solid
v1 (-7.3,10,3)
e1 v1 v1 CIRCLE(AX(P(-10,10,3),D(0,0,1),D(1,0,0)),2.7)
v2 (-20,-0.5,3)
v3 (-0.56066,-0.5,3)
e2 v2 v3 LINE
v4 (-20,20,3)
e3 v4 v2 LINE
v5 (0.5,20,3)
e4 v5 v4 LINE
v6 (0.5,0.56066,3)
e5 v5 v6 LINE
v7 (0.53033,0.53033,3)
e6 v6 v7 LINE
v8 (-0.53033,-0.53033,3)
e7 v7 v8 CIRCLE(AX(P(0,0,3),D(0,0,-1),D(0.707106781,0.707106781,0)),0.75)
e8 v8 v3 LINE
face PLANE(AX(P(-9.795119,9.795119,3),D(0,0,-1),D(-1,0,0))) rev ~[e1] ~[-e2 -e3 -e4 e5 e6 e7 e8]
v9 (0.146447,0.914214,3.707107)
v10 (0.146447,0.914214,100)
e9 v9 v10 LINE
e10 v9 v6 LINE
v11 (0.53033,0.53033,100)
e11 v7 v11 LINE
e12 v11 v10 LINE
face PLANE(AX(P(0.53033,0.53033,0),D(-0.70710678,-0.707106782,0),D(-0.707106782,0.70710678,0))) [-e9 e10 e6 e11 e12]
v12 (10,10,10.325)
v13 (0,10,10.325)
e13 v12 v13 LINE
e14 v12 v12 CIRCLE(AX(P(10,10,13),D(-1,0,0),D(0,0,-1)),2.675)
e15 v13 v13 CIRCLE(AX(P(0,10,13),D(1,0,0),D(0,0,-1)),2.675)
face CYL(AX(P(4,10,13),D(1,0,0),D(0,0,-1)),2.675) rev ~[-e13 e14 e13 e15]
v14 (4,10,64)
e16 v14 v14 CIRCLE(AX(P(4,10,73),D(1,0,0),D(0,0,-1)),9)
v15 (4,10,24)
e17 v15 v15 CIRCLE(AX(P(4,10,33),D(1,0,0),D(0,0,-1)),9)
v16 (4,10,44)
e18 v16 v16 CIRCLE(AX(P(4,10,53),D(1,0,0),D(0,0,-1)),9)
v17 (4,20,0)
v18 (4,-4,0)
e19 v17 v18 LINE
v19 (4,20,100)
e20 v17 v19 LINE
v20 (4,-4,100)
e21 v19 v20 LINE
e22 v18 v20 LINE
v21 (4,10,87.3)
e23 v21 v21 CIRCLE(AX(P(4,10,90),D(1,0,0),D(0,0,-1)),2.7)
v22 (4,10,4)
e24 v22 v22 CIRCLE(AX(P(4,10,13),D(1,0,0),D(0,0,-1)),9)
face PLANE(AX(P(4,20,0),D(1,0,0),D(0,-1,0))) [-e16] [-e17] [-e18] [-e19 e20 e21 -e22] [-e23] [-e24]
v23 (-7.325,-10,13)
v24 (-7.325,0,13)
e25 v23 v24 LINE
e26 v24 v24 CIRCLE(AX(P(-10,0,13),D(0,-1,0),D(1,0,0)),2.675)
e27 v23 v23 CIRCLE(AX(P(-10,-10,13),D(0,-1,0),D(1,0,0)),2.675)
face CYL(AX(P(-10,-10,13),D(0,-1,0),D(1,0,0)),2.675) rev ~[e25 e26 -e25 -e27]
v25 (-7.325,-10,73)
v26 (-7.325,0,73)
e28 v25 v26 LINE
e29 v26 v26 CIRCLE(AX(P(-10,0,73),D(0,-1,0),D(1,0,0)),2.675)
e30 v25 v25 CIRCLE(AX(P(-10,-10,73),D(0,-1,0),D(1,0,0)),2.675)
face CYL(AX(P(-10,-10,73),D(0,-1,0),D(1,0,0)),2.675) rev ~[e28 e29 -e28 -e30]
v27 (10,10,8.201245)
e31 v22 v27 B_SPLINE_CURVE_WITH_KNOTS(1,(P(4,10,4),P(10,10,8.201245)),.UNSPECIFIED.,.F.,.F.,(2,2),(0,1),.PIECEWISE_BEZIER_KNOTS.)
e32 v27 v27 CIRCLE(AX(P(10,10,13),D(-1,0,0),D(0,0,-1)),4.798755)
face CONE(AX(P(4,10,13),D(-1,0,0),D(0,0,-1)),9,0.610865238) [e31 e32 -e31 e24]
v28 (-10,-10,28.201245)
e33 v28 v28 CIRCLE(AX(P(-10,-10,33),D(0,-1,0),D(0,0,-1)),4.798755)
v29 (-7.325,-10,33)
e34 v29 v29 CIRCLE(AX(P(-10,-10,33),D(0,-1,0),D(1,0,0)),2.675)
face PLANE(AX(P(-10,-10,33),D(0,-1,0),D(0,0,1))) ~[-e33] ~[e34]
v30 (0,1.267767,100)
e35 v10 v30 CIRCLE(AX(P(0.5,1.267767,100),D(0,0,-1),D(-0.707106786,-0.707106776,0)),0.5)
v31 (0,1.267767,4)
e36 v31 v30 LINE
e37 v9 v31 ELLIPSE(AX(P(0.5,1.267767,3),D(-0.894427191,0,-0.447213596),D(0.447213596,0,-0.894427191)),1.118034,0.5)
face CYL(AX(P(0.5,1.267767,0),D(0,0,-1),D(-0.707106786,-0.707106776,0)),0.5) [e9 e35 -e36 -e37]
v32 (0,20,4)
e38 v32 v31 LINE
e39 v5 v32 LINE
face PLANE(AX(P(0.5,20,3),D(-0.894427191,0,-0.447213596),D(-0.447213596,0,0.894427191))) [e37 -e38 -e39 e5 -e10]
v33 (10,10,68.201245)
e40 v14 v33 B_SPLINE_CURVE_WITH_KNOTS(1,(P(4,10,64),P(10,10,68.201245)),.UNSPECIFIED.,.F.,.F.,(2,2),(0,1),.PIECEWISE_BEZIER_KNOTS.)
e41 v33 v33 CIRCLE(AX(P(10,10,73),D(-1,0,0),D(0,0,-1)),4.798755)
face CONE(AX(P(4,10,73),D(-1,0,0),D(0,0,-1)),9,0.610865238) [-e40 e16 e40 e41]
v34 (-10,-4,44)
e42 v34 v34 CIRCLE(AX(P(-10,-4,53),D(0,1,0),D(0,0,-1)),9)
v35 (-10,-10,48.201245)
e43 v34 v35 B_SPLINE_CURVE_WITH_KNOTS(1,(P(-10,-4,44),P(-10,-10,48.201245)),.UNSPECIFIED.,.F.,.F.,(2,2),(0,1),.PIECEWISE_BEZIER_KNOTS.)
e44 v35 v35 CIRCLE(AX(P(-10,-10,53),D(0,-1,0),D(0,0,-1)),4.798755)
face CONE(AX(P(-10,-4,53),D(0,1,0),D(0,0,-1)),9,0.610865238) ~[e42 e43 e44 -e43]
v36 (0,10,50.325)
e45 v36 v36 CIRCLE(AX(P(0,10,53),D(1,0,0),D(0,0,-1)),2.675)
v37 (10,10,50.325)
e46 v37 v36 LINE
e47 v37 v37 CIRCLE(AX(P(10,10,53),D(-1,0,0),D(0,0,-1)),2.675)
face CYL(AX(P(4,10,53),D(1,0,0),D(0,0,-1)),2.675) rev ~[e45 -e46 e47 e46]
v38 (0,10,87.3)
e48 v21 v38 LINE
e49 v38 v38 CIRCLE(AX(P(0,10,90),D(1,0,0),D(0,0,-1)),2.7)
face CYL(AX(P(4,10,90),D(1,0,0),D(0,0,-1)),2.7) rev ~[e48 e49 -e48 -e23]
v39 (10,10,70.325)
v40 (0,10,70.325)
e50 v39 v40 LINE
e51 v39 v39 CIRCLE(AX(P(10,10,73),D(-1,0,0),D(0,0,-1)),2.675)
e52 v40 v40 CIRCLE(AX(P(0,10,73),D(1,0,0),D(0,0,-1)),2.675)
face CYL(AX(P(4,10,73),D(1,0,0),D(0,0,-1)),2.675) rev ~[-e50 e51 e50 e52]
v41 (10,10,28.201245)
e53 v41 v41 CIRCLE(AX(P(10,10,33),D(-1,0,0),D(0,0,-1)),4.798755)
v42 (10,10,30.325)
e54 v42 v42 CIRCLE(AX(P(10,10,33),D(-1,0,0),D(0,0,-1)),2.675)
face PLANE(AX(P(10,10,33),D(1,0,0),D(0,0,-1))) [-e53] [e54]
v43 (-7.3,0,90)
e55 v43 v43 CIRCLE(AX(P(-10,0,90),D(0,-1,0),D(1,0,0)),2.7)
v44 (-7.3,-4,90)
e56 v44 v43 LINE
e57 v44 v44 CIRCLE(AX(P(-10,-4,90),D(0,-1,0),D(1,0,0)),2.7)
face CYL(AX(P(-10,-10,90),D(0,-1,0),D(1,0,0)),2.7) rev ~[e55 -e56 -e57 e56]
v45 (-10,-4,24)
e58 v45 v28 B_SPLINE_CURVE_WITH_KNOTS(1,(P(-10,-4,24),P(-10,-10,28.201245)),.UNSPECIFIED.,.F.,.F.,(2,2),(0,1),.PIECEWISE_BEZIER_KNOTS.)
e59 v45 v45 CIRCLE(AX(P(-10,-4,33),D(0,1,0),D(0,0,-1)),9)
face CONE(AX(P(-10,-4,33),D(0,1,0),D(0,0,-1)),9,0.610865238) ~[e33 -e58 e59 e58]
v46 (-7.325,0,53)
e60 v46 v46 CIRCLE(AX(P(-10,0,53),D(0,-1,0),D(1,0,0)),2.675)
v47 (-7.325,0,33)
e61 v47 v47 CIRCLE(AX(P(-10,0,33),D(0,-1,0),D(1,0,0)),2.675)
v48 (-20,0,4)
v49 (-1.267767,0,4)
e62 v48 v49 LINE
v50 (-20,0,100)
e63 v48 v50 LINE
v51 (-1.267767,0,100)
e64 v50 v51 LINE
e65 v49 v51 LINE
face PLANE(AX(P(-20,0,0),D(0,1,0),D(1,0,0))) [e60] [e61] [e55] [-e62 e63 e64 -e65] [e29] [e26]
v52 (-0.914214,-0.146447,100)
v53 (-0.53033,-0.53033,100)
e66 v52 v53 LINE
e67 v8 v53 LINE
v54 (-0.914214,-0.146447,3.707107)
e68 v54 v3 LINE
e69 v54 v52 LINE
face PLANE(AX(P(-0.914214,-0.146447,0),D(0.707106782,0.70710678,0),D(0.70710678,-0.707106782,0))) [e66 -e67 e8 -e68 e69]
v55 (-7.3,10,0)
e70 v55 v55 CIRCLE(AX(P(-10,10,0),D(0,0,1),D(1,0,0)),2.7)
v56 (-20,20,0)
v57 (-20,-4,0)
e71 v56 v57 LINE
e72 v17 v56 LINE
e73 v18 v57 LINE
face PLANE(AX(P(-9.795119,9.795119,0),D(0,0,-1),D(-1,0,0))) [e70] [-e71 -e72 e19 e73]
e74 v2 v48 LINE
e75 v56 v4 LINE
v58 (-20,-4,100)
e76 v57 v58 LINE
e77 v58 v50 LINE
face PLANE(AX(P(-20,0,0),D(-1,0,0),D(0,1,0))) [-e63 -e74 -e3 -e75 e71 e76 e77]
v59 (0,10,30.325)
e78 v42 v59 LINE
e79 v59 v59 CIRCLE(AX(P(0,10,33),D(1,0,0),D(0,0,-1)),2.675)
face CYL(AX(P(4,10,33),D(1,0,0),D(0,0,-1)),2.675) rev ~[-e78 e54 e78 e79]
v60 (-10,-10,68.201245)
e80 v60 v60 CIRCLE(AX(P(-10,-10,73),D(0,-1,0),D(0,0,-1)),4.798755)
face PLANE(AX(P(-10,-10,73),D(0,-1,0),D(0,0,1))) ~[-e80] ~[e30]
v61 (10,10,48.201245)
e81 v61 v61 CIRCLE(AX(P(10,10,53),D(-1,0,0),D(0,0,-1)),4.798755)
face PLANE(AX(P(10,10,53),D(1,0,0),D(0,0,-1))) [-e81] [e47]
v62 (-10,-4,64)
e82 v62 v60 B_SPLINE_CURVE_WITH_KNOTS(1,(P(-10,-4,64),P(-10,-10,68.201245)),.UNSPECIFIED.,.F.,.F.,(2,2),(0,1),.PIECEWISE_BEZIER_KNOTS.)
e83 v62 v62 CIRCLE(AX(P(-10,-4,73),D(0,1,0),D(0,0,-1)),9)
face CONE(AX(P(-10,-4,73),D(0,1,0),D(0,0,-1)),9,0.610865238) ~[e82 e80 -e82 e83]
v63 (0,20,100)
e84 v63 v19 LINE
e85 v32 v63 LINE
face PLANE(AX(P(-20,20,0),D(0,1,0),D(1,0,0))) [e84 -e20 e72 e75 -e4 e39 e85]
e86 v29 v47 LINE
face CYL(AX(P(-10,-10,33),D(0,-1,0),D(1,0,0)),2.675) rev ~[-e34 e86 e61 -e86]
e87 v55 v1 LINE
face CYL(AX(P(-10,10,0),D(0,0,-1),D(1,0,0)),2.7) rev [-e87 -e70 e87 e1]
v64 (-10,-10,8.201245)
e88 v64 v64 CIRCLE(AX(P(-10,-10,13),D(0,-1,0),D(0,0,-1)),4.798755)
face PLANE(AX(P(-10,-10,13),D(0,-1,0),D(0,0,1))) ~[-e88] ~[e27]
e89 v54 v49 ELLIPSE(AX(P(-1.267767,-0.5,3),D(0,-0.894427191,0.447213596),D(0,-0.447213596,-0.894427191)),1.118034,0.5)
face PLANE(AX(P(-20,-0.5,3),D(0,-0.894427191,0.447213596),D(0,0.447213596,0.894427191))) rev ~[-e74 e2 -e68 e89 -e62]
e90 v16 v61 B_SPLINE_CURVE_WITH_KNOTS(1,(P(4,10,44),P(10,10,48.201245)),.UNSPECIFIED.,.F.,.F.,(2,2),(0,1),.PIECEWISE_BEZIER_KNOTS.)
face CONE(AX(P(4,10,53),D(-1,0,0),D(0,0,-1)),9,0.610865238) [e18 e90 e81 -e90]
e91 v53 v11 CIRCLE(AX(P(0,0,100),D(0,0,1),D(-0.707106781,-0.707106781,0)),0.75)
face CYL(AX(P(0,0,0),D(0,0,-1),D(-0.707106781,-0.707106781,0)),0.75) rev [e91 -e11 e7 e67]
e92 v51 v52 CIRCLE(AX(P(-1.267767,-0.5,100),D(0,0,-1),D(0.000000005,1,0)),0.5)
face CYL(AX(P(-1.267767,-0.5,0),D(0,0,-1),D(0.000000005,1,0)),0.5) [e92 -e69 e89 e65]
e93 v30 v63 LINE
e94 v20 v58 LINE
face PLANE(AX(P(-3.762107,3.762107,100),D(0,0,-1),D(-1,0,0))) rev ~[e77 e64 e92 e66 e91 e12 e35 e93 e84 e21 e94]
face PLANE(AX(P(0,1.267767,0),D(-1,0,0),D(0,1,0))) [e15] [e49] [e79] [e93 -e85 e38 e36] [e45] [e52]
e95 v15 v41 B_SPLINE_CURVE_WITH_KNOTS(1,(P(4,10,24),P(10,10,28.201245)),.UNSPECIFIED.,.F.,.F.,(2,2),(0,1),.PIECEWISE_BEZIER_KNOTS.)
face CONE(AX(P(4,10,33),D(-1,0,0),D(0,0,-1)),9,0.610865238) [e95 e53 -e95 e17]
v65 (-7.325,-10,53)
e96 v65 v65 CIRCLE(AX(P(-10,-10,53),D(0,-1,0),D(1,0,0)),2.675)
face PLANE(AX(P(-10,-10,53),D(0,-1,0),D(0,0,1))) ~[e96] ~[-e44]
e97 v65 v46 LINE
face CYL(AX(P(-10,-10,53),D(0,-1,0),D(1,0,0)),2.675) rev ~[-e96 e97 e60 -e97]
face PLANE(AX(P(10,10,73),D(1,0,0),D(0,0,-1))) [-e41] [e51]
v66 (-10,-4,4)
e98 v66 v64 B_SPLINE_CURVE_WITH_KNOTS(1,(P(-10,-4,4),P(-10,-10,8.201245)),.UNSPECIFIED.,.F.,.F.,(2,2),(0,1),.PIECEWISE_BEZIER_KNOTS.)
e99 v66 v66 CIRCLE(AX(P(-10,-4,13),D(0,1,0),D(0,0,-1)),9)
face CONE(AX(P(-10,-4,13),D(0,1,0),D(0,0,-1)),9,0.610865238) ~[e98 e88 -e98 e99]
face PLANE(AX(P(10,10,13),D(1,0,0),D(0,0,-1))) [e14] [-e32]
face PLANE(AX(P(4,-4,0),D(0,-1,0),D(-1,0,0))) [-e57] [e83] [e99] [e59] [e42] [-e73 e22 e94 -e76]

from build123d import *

# Parameters (mm, degrees)
SKETCH1_R                      = 2.7
BOSS_EXTRUDE1_DEPTH            = 3
BOSS_EXTRUDE2_DEPTH            = 100
CUT_EXTRUDE1_DEPTH             = 20
CUT_EXTRUDE2_DEPTH             = 20
SKETCH4_R                      = 9
BOSS_EXTRUDE3_DEPTH            = 6
BOSS_EXTRUDE3_TAPER            = 35
CUT_EXTRUDE3_REACH             = 26
SKETCH4_3_R                    = 2.675
SKETCH4_3_R_2                  = 2.7
CUT_EXTRUDE3_DIRECTION_2_REACH = 8
SKETCH5_R                      = 2.675
SKETCH5_R_2                    = 2.7
CUT_EXTRUDE4_DEPTH             = 10


with BuildPart() as part:
    # Sketch1 → Boss-Extrude1 (new body)
    with BuildSketch(Plane.XY):
        with BuildLine():
            Line((-1.267766953, 0), (-20, 0))
            Line((-20, 0), (-20, 20))
            Line((-20, 20), (0, 20))
            Line((0, 20), (0, 1.267766953))
            ThreePointArc((0, 1.267766953), (0.038060234, 1.076425237), (0.146446609, 0.914213562))
            Line((0.146446609, 0.914213562), (0.530330086, 0.530330086))
            ThreePointArc((0.530330086, 0.530330086), (0.530330086, -0.530330086), (-0.530330086, -0.530330086))
            Line((-0.530330086, -0.530330086), (-0.914213562, -0.146446609))
            ThreePointArc((-0.914213562, -0.146446609), (-1.076425237, -0.038060234), (-1.267766953, 0))
        make_face()
        with Locations((-10, 10)):
            Circle(SKETCH1_R, mode=Mode.SUBTRACT)
    extrude(amount=BOSS_EXTRUDE1_DEPTH)

    # Sketch1<4> → Boss-Extrude2 (add)
    with BuildSketch(Plane.XY):
        with BuildLine():
            ThreePointArc((-1.267766953, 0), (-1.076425237, -0.038060234), (-0.914213562, -0.146446609))
            Line((-0.914213562, -0.146446609), (-0.530330086, -0.530330086))
            ThreePointArc((-0.530330086, -0.530330086), (0.530330086, -0.530330086), (0.530330086, 0.530330086))
            Line((0.530330086, 0.530330086), (0.146446609, 0.914213562))
            ThreePointArc((0.146446609, 0.914213562), (0.038060234, 1.076425237), (0, 1.267766953))
            Line((0, 1.267766953), (0, 20))
            Line((0, 20), (4, 20))
            Line((4, 20), (4, -4))
            Line((4, -4), (-20, -4))
            Line((-20, -4), (-20, 0))
            Line((-20, 0), (-1.267766953, 0))
        make_face()
    extrude(amount=BOSS_EXTRUDE2_DEPTH)

    # Sketch2 → Cut-Extrude1 (cut)
    with BuildSketch(Plane(origin=(0, 20, 0), x_dir=(1, 0, 0), z_dir=(0, 1, 0))):
        Polygon((0, -3), (0.5, -3), (0, -4), align=None)
    extrude(amount=-CUT_EXTRUDE1_DEPTH, mode=Mode.SUBTRACT)

    # Sketch3 → Cut-Extrude2 (cut)
    with BuildSketch(Plane.ZY.offset(20)):
        Polygon((3, 0), (3, -0.5), (4, 0), align=None)
    extrude(amount=-CUT_EXTRUDE2_DEPTH, mode=Mode.SUBTRACT)

    # Sketch4 → Boss-Extrude3 (add)
    with BuildSketch(Plane(origin=(4, 0, 0), x_dir=(0, 0, -1), z_dir=(1, 0, 0))):
        with Locations((-13, 10)):
            Circle(SKETCH4_R)
        with Locations((-33, 10)):
            Circle(SKETCH4_R)
        with Locations((-53, 10)):
            Circle(SKETCH4_R)
        with Locations((-73, 10)):
            Circle(SKETCH4_R)
    boss_extrude3 = extrude(amount=BOSS_EXTRUDE3_DEPTH, taper=BOSS_EXTRUDE3_TAPER)

    # Cut-Extrude3: up to this face of the body (flat: up to its plane)
    cut_extrude3_end = Plane(part.part.faces().sort_by_distance((0, 10.633883476, 52))[0])
    # Sketch4<3> → Cut-Extrude3 (cut, up to the picked face)
    with BuildSketch(Plane(origin=(4, 0, 0), x_dir=(0, 0, -1), z_dir=(1, 0, 0)), mode=Mode.PRIVATE) as cut_extrude3_sk1:
        with Locations((-13, 10)):
            Circle(SKETCH4_3_R)
    cut_extrude3_tool1 = split(extrude(cut_extrude3_sk1.sketch, amount=-CUT_EXTRUDE3_REACH, mode=Mode.PRIVATE), bisect_by=cut_extrude3_end, keep=Keep.BOTH, mode=Mode.PRIVATE)
    add(cut_extrude3_tool1.solids().sort_by_distance((4, 10, 13))[0], mode=Mode.SUBTRACT)
    # Sketch4<3> → Cut-Extrude3 (cut, up to the picked face)
    with BuildSketch(Plane(origin=(4, 0, 0), x_dir=(0, 0, -1), z_dir=(1, 0, 0)), mode=Mode.PRIVATE) as cut_extrude3_sk2:
        with Locations((-33, 10)):
            Circle(SKETCH4_3_R)
    cut_extrude3_tool2 = split(extrude(cut_extrude3_sk2.sketch, amount=-CUT_EXTRUDE3_REACH, mode=Mode.PRIVATE), bisect_by=cut_extrude3_end, keep=Keep.BOTH, mode=Mode.PRIVATE)
    add(cut_extrude3_tool2.solids().sort_by_distance((4, 10, 33))[0], mode=Mode.SUBTRACT)
    # Sketch4<3> → Cut-Extrude3 (cut, up to the picked face)
    with BuildSketch(Plane(origin=(4, 0, 0), x_dir=(0, 0, -1), z_dir=(1, 0, 0)), mode=Mode.PRIVATE) as cut_extrude3_sk3:
        with Locations((-53, 10)):
            Circle(SKETCH4_3_R)
    cut_extrude3_tool3 = split(extrude(cut_extrude3_sk3.sketch, amount=-CUT_EXTRUDE3_REACH, mode=Mode.PRIVATE), bisect_by=cut_extrude3_end, keep=Keep.BOTH, mode=Mode.PRIVATE)
    add(cut_extrude3_tool3.solids().sort_by_distance((4, 10, 53))[0], mode=Mode.SUBTRACT)
    # Sketch4<3> → Cut-Extrude3 (cut, up to the picked face)
    with BuildSketch(Plane(origin=(4, 0, 0), x_dir=(0, 0, -1), z_dir=(1, 0, 0)), mode=Mode.PRIVATE) as cut_extrude3_sk4:
        with Locations((-73, 10)):
            Circle(SKETCH4_3_R)
    cut_extrude3_tool4 = split(extrude(cut_extrude3_sk4.sketch, amount=-CUT_EXTRUDE3_REACH, mode=Mode.PRIVATE), bisect_by=cut_extrude3_end, keep=Keep.BOTH, mode=Mode.PRIVATE)
    add(cut_extrude3_tool4.solids().sort_by_distance((4, 10, 73))[0], mode=Mode.SUBTRACT)
    # Sketch4<3> → Cut-Extrude3 (cut, up to the picked face)
    with BuildSketch(Plane(origin=(4, 0, 0), x_dir=(0, 0, -1), z_dir=(1, 0, 0)), mode=Mode.PRIVATE) as cut_extrude3_sk5:
        with Locations((-90, 10)):
            Circle(SKETCH4_3_R_2)
    cut_extrude3_tool5 = split(extrude(cut_extrude3_sk5.sketch, amount=-CUT_EXTRUDE3_REACH, mode=Mode.PRIVATE), bisect_by=cut_extrude3_end, keep=Keep.BOTH, mode=Mode.PRIVATE)
    add(cut_extrude3_tool5.solids().sort_by_distance((4, 10, 90))[0], mode=Mode.SUBTRACT)

    # Cut-Extrude3 direction 2: up to this face of the body (flat: up to its plane)
    cut_extrude3_direction_2_end = Plane(part.part.faces().sort_by_distance((10, 10, 73))[0])
    # Sketch4<3> → Cut-Extrude3 direction 2 (cut, up to the picked face)
    with BuildSketch(Plane(origin=(4, 0, 0), x_dir=(0, 0, -1), z_dir=(1, 0, 0)), mode=Mode.PRIVATE) as cut_extrude3_direction_2_sk1:
        with Locations((-13, 10)):
            Circle(SKETCH4_3_R)
    cut_extrude3_direction_2_tool1 = split(extrude(cut_extrude3_direction_2_sk1.sketch, amount=CUT_EXTRUDE3_DIRECTION_2_REACH, mode=Mode.PRIVATE), bisect_by=cut_extrude3_direction_2_end, keep=Keep.BOTH, mode=Mode.PRIVATE)
    add(cut_extrude3_direction_2_tool1.solids().sort_by_distance((4, 10, 13))[0], mode=Mode.SUBTRACT)
    # Sketch4<3> → Cut-Extrude3 direction 2 (cut, up to the picked face)
    with BuildSketch(Plane(origin=(4, 0, 0), x_dir=(0, 0, -1), z_dir=(1, 0, 0)), mode=Mode.PRIVATE) as cut_extrude3_direction_2_sk2:
        with Locations((-33, 10)):
            Circle(SKETCH4_3_R)
    cut_extrude3_direction_2_tool2 = split(extrude(cut_extrude3_direction_2_sk2.sketch, amount=CUT_EXTRUDE3_DIRECTION_2_REACH, mode=Mode.PRIVATE), bisect_by=cut_extrude3_direction_2_end, keep=Keep.BOTH, mode=Mode.PRIVATE)
    add(cut_extrude3_direction_2_tool2.solids().sort_by_distance((4, 10, 33))[0], mode=Mode.SUBTRACT)
    # Sketch4<3> → Cut-Extrude3 direction 2 (cut, up to the picked face)
    with BuildSketch(Plane(origin=(4, 0, 0), x_dir=(0, 0, -1), z_dir=(1, 0, 0)), mode=Mode.PRIVATE) as cut_extrude3_direction_2_sk3:
        with Locations((-53, 10)):
            Circle(SKETCH4_3_R)
    cut_extrude3_direction_2_tool3 = split(extrude(cut_extrude3_direction_2_sk3.sketch, amount=CUT_EXTRUDE3_DIRECTION_2_REACH, mode=Mode.PRIVATE), bisect_by=cut_extrude3_direction_2_end, keep=Keep.BOTH, mode=Mode.PRIVATE)
    add(cut_extrude3_direction_2_tool3.solids().sort_by_distance((4, 10, 53))[0], mode=Mode.SUBTRACT)
    # Sketch4<3> → Cut-Extrude3 direction 2 (cut, up to the picked face)
    with BuildSketch(Plane(origin=(4, 0, 0), x_dir=(0, 0, -1), z_dir=(1, 0, 0)), mode=Mode.PRIVATE) as cut_extrude3_direction_2_sk4:
        with Locations((-73, 10)):
            Circle(SKETCH4_3_R)
    cut_extrude3_direction_2_tool4 = split(extrude(cut_extrude3_direction_2_sk4.sketch, amount=CUT_EXTRUDE3_DIRECTION_2_REACH, mode=Mode.PRIVATE), bisect_by=cut_extrude3_direction_2_end, keep=Keep.BOTH, mode=Mode.PRIVATE)
    add(cut_extrude3_direction_2_tool4.solids().sort_by_distance((4, 10, 73))[0], mode=Mode.SUBTRACT)
    # Sketch4<3> → Cut-Extrude3 direction 2 (cut, up to the picked face)
    with BuildSketch(Plane(origin=(4, 0, 0), x_dir=(0, 0, -1), z_dir=(1, 0, 0)), mode=Mode.PRIVATE) as cut_extrude3_direction_2_sk5:
        with Locations((-90, 10)):
            Circle(SKETCH4_3_R_2)
    cut_extrude3_direction_2_tool5 = split(extrude(cut_extrude3_direction_2_sk5.sketch, amount=CUT_EXTRUDE3_DIRECTION_2_REACH, mode=Mode.PRIVATE), bisect_by=cut_extrude3_direction_2_end, keep=Keep.BOTH, mode=Mode.PRIVATE)
    add(cut_extrude3_direction_2_tool5.solids().sort_by_distance((4, 10, 90))[0], mode=Mode.SUBTRACT)

    # Mirror1: Boss-Extrude3 across plane
    add(boss_extrude3.mirror(Plane(origin=(0, 0, 0), x_dir=(0, 0, 1), z_dir=(0.707106781, 0.707106781, 0))))

    # Sketch5 → Cut-Extrude4 (cut)
    with BuildSketch(Plane.XZ.offset(10)):
        with Locations((-10, 13)):
            Circle(SKETCH5_R)
        with Locations((-10, 90)):
            Circle(SKETCH5_R_2)
        with Locations((-10, 33)):
            Circle(SKETCH5_R)
        with Locations((-10, 53)):
            Circle(SKETCH5_R)
        with Locations((-10, 73)):
            Circle(SKETCH5_R)
    extrude(amount=-CUT_EXTRUDE4_DEPTH, mode=Mode.SUBTRACT)


solid = part.part
